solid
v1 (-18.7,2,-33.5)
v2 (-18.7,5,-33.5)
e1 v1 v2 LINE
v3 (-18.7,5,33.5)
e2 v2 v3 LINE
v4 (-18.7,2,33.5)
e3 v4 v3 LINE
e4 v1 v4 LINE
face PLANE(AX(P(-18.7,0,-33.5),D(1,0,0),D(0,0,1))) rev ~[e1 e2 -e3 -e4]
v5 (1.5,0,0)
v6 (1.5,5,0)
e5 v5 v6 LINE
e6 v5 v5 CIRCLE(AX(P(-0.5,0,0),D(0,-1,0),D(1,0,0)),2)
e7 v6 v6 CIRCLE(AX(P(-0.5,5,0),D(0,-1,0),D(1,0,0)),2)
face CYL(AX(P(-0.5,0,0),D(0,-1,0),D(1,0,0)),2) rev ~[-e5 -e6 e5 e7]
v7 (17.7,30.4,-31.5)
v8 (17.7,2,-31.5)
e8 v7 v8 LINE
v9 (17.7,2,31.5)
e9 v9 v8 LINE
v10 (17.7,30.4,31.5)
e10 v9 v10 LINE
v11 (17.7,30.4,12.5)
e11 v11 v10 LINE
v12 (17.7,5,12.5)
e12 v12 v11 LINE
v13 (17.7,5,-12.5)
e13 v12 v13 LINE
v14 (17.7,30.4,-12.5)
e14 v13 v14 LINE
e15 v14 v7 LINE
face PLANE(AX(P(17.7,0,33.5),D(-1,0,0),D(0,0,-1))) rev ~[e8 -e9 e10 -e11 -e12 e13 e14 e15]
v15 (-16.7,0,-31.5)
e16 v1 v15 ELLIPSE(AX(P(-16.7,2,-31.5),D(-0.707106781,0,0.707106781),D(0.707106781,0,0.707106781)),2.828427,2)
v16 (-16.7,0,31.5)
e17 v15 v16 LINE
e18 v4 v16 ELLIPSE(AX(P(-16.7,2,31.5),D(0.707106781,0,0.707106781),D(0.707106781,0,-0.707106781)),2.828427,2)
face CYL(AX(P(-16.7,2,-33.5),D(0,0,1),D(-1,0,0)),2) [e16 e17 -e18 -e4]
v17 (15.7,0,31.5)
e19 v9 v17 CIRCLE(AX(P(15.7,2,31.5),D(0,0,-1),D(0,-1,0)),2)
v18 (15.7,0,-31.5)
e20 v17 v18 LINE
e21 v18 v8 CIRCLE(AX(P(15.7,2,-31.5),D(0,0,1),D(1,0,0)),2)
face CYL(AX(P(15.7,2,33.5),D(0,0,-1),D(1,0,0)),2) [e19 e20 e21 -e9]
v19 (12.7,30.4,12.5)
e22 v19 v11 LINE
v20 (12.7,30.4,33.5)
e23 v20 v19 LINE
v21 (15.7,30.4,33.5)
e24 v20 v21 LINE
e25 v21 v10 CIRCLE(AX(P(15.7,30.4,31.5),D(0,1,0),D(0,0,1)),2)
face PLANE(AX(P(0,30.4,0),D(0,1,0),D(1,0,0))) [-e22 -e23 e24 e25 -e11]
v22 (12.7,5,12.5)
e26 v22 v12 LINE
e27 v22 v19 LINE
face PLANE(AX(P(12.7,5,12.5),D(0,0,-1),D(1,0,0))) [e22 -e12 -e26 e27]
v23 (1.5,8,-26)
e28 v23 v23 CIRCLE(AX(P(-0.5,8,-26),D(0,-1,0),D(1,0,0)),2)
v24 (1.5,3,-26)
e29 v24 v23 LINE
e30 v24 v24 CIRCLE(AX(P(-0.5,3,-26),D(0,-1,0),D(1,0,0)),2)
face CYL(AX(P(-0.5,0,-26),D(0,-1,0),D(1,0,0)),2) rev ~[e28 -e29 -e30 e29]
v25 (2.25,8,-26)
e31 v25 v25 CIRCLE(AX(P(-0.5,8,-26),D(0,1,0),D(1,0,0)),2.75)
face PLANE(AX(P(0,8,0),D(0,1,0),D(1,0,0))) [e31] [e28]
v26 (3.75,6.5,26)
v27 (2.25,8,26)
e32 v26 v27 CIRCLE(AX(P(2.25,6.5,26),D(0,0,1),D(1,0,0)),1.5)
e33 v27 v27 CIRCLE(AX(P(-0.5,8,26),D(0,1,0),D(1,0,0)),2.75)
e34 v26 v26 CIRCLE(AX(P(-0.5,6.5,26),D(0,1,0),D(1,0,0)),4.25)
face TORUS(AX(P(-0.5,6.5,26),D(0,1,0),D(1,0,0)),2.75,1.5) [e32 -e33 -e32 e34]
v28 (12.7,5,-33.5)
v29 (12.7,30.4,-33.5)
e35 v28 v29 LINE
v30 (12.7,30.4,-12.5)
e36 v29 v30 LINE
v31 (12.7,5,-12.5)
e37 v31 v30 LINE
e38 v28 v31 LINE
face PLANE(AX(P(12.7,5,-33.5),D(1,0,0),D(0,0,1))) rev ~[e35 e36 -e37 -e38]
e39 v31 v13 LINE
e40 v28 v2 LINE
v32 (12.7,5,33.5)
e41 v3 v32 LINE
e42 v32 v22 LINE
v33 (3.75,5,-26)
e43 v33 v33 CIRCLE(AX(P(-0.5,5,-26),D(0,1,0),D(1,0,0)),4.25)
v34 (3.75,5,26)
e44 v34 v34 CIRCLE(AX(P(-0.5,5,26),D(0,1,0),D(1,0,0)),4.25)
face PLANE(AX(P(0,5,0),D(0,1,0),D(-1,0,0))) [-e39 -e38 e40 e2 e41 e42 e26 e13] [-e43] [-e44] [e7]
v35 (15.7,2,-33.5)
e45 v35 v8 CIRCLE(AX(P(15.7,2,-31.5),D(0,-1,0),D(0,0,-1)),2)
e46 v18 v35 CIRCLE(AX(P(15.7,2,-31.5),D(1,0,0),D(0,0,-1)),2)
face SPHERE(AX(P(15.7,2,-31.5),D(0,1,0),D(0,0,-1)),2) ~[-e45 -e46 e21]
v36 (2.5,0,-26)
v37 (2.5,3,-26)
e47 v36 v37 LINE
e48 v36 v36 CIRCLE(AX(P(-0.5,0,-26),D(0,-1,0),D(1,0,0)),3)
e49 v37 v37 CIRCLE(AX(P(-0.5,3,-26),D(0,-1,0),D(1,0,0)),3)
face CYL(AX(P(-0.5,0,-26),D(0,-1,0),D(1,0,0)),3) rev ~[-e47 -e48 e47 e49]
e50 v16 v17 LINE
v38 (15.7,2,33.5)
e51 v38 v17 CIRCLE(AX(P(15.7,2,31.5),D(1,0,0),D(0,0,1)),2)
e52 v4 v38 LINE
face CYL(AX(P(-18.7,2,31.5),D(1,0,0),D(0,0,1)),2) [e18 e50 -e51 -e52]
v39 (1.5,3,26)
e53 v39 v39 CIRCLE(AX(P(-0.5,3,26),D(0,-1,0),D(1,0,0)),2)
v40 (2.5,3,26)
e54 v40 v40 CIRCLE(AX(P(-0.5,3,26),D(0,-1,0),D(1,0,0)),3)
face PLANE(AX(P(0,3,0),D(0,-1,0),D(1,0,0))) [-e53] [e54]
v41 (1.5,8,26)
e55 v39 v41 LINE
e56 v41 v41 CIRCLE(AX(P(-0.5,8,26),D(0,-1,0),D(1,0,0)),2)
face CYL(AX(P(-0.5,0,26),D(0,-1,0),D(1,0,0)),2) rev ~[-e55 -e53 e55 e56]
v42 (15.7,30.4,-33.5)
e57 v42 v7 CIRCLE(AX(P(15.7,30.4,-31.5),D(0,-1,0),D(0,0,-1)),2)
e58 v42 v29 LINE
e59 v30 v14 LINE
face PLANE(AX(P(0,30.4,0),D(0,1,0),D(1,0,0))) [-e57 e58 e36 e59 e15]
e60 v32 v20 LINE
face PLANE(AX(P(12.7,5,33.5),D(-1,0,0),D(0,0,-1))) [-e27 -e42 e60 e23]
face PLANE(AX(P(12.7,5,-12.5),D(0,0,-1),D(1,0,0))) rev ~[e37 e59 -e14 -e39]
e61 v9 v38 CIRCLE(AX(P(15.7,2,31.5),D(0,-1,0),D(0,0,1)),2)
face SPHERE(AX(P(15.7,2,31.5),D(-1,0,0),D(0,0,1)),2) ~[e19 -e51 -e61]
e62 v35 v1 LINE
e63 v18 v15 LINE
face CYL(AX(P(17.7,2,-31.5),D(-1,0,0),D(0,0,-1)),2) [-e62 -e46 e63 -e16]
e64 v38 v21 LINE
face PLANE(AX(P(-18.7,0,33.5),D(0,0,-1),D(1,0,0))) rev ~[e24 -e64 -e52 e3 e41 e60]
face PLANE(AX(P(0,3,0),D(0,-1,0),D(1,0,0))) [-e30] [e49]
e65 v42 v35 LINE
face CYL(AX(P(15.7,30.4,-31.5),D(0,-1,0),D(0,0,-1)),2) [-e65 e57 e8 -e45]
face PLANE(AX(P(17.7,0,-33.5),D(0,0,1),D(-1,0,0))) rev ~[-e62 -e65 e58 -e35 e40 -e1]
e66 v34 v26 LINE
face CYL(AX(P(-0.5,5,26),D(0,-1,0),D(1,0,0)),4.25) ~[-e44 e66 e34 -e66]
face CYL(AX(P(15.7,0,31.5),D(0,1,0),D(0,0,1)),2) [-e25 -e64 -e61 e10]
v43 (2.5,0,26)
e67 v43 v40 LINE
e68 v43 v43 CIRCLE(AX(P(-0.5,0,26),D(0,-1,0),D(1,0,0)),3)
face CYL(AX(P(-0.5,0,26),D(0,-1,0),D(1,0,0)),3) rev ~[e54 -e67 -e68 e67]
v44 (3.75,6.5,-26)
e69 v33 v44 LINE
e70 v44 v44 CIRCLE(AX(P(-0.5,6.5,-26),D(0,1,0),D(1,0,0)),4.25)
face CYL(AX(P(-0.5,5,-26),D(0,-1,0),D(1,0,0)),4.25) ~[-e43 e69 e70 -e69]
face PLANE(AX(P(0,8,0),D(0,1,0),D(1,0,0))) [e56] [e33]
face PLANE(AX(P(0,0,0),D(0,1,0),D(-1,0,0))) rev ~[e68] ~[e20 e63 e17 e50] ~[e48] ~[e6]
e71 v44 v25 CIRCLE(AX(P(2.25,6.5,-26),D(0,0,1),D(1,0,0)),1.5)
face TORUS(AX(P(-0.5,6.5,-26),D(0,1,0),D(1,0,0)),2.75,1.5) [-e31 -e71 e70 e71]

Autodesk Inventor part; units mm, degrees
ref_plane "YZ Plane" through (0, 0, 0) normal (1, 0, 0) x (0, 1, 0)
ref_plane "XZ Plane" through (0, 0, 0) normal (0, 1, 0) x (-1, 0, 0)
ref_plane "XY Plane" through (0, 0, 0) normal (0, 0, 1) x (1, 0, 0)
sketch "Sketch1" plane through (0, 0, 0) normal (0, 1, 0) x (-1, 0, 0)
  line L0 (18.7, 33.5) -> (-17.7, 33.5)
  line L1 (-17.7, 33.5) -> (-17.7, -33.5)
  line L2 (-17.7, -33.5) -> (18.7, -33.5)
  line L3 (18.7, -33.5) -> (18.7, 33.5)
  point P0 (0, 0)
  dimension "d0" = 36.4
  dimension "d1" = 67
extrude "Extrusion1" add sketch "Sketch1" along normal blind 5
sketch "Sketch2" plane through (0, 5, 0) normal (0, 1, 0) x (1, 0, 0)
  line L0 (-18.7, -33.5) -> (17.7, -33.5) projected
  line L1 (17.7, -33.5) -> (12.7, -33.5)
  line L2 (12.7, -33.5) -> (12.7, -12.5)
  line L3 (12.7, -12.5) -> (17.7, -12.5)
  line L4 (17.7, -12.5) -> (17.7, -33.5)
  line L5 (17.7, -33.5) -> (17.7, 33.5) projected
  line L6 (17.7, 33.5) -> (12.7, 33.5)
  line L7 (12.7, 33.5) -> (12.7, 12.5)
  line L8 (12.7, 12.5) -> (17.7, 12.5)
  line L9 (17.7, 12.5) -> (17.7, 33.5)
  point P0 (0, 0)
  dimension "d4" = 5
  dimension "d5" = 21
  dimension "d6" = 5
  dimension "d7" = 21
extrude "Extrusion2" add sketch "Sketch2" along normal blind 25.4
sketch "Sketch3" plane through (0, 5, 0) normal (0, 1, 0) x (1, 0, 0)
  circle A0 centre (-0.5, -26) radius 4.25
  circle A1 centre (0, 0) radius 4.25
  circle A2 centre (-0.5, 26) radius 4.25
  line L0 (-18.7, 33.5) -> (-18.7, -33.5) projected
  dimension "d10" = 8.5
  dimension "d11" = 8.5
  dimension "d12" = 8.5
  dimension "d26" = 18.2
  dimension "d27" = 18.2
extrude "Extrusion3" add sketch "Sketch3" along normal blind 3 contours A0 | A2
sketch "Sketch4" plane through (0, 0, 0) normal (0, -1, 0) x (1, 0, 0)
  circle A0 centre (-0.5, -26) radius 4.25 projected
  circle A1 centre (-0.5, -26) radius 3
  circle A2 centre (-0.5, 26) radius 4.25 projected
  circle A3 centre (-0.5, 26) radius 3
  point P0 (0, 0)
  dimension "d15" = 6
  dimension "d16" = 6
extrude "Extrusion4" cut sketch "Sketch4" against normal blind 3 contours A1 | A3
sketch "Sketch5" plane through (0, 0, 0) normal (0, -1, 0) x (1, 0, 0)
  circle A0 centre (-0.5, -26) radius 3 projected
  circle A1 centre (-0.5, -26) radius 2
  circle A2 centre (-0.5, 26) radius 4.25 projected
  circle A3 centre (-0.5, 26) radius 2
  circle A4 centre (-0.5, 0) radius 2
  point P0 (0, 0)
  dimension "d19" = 4
  dimension "d21" = 4
  dimension "d30" = 4
extrude "Extrusion5" cut sketch "Sketch5" against normal blind 15 contours A1 | A3 | A4
fillet "Fillet1" radius 1.5 2 edges at (-4.75, 8, 26) (-4.75, 8, -26)
fillet "Fillet2" radius 2 6 edges at (-0.5, 0, 33.5) (-18.7, 0, 0) (17.7, 15.2, 33.5) (17.7, 15.2, -33.5) (-0.5, 0, -33.5) (17.7, 0, 0)
properties part number "springBedMount"
